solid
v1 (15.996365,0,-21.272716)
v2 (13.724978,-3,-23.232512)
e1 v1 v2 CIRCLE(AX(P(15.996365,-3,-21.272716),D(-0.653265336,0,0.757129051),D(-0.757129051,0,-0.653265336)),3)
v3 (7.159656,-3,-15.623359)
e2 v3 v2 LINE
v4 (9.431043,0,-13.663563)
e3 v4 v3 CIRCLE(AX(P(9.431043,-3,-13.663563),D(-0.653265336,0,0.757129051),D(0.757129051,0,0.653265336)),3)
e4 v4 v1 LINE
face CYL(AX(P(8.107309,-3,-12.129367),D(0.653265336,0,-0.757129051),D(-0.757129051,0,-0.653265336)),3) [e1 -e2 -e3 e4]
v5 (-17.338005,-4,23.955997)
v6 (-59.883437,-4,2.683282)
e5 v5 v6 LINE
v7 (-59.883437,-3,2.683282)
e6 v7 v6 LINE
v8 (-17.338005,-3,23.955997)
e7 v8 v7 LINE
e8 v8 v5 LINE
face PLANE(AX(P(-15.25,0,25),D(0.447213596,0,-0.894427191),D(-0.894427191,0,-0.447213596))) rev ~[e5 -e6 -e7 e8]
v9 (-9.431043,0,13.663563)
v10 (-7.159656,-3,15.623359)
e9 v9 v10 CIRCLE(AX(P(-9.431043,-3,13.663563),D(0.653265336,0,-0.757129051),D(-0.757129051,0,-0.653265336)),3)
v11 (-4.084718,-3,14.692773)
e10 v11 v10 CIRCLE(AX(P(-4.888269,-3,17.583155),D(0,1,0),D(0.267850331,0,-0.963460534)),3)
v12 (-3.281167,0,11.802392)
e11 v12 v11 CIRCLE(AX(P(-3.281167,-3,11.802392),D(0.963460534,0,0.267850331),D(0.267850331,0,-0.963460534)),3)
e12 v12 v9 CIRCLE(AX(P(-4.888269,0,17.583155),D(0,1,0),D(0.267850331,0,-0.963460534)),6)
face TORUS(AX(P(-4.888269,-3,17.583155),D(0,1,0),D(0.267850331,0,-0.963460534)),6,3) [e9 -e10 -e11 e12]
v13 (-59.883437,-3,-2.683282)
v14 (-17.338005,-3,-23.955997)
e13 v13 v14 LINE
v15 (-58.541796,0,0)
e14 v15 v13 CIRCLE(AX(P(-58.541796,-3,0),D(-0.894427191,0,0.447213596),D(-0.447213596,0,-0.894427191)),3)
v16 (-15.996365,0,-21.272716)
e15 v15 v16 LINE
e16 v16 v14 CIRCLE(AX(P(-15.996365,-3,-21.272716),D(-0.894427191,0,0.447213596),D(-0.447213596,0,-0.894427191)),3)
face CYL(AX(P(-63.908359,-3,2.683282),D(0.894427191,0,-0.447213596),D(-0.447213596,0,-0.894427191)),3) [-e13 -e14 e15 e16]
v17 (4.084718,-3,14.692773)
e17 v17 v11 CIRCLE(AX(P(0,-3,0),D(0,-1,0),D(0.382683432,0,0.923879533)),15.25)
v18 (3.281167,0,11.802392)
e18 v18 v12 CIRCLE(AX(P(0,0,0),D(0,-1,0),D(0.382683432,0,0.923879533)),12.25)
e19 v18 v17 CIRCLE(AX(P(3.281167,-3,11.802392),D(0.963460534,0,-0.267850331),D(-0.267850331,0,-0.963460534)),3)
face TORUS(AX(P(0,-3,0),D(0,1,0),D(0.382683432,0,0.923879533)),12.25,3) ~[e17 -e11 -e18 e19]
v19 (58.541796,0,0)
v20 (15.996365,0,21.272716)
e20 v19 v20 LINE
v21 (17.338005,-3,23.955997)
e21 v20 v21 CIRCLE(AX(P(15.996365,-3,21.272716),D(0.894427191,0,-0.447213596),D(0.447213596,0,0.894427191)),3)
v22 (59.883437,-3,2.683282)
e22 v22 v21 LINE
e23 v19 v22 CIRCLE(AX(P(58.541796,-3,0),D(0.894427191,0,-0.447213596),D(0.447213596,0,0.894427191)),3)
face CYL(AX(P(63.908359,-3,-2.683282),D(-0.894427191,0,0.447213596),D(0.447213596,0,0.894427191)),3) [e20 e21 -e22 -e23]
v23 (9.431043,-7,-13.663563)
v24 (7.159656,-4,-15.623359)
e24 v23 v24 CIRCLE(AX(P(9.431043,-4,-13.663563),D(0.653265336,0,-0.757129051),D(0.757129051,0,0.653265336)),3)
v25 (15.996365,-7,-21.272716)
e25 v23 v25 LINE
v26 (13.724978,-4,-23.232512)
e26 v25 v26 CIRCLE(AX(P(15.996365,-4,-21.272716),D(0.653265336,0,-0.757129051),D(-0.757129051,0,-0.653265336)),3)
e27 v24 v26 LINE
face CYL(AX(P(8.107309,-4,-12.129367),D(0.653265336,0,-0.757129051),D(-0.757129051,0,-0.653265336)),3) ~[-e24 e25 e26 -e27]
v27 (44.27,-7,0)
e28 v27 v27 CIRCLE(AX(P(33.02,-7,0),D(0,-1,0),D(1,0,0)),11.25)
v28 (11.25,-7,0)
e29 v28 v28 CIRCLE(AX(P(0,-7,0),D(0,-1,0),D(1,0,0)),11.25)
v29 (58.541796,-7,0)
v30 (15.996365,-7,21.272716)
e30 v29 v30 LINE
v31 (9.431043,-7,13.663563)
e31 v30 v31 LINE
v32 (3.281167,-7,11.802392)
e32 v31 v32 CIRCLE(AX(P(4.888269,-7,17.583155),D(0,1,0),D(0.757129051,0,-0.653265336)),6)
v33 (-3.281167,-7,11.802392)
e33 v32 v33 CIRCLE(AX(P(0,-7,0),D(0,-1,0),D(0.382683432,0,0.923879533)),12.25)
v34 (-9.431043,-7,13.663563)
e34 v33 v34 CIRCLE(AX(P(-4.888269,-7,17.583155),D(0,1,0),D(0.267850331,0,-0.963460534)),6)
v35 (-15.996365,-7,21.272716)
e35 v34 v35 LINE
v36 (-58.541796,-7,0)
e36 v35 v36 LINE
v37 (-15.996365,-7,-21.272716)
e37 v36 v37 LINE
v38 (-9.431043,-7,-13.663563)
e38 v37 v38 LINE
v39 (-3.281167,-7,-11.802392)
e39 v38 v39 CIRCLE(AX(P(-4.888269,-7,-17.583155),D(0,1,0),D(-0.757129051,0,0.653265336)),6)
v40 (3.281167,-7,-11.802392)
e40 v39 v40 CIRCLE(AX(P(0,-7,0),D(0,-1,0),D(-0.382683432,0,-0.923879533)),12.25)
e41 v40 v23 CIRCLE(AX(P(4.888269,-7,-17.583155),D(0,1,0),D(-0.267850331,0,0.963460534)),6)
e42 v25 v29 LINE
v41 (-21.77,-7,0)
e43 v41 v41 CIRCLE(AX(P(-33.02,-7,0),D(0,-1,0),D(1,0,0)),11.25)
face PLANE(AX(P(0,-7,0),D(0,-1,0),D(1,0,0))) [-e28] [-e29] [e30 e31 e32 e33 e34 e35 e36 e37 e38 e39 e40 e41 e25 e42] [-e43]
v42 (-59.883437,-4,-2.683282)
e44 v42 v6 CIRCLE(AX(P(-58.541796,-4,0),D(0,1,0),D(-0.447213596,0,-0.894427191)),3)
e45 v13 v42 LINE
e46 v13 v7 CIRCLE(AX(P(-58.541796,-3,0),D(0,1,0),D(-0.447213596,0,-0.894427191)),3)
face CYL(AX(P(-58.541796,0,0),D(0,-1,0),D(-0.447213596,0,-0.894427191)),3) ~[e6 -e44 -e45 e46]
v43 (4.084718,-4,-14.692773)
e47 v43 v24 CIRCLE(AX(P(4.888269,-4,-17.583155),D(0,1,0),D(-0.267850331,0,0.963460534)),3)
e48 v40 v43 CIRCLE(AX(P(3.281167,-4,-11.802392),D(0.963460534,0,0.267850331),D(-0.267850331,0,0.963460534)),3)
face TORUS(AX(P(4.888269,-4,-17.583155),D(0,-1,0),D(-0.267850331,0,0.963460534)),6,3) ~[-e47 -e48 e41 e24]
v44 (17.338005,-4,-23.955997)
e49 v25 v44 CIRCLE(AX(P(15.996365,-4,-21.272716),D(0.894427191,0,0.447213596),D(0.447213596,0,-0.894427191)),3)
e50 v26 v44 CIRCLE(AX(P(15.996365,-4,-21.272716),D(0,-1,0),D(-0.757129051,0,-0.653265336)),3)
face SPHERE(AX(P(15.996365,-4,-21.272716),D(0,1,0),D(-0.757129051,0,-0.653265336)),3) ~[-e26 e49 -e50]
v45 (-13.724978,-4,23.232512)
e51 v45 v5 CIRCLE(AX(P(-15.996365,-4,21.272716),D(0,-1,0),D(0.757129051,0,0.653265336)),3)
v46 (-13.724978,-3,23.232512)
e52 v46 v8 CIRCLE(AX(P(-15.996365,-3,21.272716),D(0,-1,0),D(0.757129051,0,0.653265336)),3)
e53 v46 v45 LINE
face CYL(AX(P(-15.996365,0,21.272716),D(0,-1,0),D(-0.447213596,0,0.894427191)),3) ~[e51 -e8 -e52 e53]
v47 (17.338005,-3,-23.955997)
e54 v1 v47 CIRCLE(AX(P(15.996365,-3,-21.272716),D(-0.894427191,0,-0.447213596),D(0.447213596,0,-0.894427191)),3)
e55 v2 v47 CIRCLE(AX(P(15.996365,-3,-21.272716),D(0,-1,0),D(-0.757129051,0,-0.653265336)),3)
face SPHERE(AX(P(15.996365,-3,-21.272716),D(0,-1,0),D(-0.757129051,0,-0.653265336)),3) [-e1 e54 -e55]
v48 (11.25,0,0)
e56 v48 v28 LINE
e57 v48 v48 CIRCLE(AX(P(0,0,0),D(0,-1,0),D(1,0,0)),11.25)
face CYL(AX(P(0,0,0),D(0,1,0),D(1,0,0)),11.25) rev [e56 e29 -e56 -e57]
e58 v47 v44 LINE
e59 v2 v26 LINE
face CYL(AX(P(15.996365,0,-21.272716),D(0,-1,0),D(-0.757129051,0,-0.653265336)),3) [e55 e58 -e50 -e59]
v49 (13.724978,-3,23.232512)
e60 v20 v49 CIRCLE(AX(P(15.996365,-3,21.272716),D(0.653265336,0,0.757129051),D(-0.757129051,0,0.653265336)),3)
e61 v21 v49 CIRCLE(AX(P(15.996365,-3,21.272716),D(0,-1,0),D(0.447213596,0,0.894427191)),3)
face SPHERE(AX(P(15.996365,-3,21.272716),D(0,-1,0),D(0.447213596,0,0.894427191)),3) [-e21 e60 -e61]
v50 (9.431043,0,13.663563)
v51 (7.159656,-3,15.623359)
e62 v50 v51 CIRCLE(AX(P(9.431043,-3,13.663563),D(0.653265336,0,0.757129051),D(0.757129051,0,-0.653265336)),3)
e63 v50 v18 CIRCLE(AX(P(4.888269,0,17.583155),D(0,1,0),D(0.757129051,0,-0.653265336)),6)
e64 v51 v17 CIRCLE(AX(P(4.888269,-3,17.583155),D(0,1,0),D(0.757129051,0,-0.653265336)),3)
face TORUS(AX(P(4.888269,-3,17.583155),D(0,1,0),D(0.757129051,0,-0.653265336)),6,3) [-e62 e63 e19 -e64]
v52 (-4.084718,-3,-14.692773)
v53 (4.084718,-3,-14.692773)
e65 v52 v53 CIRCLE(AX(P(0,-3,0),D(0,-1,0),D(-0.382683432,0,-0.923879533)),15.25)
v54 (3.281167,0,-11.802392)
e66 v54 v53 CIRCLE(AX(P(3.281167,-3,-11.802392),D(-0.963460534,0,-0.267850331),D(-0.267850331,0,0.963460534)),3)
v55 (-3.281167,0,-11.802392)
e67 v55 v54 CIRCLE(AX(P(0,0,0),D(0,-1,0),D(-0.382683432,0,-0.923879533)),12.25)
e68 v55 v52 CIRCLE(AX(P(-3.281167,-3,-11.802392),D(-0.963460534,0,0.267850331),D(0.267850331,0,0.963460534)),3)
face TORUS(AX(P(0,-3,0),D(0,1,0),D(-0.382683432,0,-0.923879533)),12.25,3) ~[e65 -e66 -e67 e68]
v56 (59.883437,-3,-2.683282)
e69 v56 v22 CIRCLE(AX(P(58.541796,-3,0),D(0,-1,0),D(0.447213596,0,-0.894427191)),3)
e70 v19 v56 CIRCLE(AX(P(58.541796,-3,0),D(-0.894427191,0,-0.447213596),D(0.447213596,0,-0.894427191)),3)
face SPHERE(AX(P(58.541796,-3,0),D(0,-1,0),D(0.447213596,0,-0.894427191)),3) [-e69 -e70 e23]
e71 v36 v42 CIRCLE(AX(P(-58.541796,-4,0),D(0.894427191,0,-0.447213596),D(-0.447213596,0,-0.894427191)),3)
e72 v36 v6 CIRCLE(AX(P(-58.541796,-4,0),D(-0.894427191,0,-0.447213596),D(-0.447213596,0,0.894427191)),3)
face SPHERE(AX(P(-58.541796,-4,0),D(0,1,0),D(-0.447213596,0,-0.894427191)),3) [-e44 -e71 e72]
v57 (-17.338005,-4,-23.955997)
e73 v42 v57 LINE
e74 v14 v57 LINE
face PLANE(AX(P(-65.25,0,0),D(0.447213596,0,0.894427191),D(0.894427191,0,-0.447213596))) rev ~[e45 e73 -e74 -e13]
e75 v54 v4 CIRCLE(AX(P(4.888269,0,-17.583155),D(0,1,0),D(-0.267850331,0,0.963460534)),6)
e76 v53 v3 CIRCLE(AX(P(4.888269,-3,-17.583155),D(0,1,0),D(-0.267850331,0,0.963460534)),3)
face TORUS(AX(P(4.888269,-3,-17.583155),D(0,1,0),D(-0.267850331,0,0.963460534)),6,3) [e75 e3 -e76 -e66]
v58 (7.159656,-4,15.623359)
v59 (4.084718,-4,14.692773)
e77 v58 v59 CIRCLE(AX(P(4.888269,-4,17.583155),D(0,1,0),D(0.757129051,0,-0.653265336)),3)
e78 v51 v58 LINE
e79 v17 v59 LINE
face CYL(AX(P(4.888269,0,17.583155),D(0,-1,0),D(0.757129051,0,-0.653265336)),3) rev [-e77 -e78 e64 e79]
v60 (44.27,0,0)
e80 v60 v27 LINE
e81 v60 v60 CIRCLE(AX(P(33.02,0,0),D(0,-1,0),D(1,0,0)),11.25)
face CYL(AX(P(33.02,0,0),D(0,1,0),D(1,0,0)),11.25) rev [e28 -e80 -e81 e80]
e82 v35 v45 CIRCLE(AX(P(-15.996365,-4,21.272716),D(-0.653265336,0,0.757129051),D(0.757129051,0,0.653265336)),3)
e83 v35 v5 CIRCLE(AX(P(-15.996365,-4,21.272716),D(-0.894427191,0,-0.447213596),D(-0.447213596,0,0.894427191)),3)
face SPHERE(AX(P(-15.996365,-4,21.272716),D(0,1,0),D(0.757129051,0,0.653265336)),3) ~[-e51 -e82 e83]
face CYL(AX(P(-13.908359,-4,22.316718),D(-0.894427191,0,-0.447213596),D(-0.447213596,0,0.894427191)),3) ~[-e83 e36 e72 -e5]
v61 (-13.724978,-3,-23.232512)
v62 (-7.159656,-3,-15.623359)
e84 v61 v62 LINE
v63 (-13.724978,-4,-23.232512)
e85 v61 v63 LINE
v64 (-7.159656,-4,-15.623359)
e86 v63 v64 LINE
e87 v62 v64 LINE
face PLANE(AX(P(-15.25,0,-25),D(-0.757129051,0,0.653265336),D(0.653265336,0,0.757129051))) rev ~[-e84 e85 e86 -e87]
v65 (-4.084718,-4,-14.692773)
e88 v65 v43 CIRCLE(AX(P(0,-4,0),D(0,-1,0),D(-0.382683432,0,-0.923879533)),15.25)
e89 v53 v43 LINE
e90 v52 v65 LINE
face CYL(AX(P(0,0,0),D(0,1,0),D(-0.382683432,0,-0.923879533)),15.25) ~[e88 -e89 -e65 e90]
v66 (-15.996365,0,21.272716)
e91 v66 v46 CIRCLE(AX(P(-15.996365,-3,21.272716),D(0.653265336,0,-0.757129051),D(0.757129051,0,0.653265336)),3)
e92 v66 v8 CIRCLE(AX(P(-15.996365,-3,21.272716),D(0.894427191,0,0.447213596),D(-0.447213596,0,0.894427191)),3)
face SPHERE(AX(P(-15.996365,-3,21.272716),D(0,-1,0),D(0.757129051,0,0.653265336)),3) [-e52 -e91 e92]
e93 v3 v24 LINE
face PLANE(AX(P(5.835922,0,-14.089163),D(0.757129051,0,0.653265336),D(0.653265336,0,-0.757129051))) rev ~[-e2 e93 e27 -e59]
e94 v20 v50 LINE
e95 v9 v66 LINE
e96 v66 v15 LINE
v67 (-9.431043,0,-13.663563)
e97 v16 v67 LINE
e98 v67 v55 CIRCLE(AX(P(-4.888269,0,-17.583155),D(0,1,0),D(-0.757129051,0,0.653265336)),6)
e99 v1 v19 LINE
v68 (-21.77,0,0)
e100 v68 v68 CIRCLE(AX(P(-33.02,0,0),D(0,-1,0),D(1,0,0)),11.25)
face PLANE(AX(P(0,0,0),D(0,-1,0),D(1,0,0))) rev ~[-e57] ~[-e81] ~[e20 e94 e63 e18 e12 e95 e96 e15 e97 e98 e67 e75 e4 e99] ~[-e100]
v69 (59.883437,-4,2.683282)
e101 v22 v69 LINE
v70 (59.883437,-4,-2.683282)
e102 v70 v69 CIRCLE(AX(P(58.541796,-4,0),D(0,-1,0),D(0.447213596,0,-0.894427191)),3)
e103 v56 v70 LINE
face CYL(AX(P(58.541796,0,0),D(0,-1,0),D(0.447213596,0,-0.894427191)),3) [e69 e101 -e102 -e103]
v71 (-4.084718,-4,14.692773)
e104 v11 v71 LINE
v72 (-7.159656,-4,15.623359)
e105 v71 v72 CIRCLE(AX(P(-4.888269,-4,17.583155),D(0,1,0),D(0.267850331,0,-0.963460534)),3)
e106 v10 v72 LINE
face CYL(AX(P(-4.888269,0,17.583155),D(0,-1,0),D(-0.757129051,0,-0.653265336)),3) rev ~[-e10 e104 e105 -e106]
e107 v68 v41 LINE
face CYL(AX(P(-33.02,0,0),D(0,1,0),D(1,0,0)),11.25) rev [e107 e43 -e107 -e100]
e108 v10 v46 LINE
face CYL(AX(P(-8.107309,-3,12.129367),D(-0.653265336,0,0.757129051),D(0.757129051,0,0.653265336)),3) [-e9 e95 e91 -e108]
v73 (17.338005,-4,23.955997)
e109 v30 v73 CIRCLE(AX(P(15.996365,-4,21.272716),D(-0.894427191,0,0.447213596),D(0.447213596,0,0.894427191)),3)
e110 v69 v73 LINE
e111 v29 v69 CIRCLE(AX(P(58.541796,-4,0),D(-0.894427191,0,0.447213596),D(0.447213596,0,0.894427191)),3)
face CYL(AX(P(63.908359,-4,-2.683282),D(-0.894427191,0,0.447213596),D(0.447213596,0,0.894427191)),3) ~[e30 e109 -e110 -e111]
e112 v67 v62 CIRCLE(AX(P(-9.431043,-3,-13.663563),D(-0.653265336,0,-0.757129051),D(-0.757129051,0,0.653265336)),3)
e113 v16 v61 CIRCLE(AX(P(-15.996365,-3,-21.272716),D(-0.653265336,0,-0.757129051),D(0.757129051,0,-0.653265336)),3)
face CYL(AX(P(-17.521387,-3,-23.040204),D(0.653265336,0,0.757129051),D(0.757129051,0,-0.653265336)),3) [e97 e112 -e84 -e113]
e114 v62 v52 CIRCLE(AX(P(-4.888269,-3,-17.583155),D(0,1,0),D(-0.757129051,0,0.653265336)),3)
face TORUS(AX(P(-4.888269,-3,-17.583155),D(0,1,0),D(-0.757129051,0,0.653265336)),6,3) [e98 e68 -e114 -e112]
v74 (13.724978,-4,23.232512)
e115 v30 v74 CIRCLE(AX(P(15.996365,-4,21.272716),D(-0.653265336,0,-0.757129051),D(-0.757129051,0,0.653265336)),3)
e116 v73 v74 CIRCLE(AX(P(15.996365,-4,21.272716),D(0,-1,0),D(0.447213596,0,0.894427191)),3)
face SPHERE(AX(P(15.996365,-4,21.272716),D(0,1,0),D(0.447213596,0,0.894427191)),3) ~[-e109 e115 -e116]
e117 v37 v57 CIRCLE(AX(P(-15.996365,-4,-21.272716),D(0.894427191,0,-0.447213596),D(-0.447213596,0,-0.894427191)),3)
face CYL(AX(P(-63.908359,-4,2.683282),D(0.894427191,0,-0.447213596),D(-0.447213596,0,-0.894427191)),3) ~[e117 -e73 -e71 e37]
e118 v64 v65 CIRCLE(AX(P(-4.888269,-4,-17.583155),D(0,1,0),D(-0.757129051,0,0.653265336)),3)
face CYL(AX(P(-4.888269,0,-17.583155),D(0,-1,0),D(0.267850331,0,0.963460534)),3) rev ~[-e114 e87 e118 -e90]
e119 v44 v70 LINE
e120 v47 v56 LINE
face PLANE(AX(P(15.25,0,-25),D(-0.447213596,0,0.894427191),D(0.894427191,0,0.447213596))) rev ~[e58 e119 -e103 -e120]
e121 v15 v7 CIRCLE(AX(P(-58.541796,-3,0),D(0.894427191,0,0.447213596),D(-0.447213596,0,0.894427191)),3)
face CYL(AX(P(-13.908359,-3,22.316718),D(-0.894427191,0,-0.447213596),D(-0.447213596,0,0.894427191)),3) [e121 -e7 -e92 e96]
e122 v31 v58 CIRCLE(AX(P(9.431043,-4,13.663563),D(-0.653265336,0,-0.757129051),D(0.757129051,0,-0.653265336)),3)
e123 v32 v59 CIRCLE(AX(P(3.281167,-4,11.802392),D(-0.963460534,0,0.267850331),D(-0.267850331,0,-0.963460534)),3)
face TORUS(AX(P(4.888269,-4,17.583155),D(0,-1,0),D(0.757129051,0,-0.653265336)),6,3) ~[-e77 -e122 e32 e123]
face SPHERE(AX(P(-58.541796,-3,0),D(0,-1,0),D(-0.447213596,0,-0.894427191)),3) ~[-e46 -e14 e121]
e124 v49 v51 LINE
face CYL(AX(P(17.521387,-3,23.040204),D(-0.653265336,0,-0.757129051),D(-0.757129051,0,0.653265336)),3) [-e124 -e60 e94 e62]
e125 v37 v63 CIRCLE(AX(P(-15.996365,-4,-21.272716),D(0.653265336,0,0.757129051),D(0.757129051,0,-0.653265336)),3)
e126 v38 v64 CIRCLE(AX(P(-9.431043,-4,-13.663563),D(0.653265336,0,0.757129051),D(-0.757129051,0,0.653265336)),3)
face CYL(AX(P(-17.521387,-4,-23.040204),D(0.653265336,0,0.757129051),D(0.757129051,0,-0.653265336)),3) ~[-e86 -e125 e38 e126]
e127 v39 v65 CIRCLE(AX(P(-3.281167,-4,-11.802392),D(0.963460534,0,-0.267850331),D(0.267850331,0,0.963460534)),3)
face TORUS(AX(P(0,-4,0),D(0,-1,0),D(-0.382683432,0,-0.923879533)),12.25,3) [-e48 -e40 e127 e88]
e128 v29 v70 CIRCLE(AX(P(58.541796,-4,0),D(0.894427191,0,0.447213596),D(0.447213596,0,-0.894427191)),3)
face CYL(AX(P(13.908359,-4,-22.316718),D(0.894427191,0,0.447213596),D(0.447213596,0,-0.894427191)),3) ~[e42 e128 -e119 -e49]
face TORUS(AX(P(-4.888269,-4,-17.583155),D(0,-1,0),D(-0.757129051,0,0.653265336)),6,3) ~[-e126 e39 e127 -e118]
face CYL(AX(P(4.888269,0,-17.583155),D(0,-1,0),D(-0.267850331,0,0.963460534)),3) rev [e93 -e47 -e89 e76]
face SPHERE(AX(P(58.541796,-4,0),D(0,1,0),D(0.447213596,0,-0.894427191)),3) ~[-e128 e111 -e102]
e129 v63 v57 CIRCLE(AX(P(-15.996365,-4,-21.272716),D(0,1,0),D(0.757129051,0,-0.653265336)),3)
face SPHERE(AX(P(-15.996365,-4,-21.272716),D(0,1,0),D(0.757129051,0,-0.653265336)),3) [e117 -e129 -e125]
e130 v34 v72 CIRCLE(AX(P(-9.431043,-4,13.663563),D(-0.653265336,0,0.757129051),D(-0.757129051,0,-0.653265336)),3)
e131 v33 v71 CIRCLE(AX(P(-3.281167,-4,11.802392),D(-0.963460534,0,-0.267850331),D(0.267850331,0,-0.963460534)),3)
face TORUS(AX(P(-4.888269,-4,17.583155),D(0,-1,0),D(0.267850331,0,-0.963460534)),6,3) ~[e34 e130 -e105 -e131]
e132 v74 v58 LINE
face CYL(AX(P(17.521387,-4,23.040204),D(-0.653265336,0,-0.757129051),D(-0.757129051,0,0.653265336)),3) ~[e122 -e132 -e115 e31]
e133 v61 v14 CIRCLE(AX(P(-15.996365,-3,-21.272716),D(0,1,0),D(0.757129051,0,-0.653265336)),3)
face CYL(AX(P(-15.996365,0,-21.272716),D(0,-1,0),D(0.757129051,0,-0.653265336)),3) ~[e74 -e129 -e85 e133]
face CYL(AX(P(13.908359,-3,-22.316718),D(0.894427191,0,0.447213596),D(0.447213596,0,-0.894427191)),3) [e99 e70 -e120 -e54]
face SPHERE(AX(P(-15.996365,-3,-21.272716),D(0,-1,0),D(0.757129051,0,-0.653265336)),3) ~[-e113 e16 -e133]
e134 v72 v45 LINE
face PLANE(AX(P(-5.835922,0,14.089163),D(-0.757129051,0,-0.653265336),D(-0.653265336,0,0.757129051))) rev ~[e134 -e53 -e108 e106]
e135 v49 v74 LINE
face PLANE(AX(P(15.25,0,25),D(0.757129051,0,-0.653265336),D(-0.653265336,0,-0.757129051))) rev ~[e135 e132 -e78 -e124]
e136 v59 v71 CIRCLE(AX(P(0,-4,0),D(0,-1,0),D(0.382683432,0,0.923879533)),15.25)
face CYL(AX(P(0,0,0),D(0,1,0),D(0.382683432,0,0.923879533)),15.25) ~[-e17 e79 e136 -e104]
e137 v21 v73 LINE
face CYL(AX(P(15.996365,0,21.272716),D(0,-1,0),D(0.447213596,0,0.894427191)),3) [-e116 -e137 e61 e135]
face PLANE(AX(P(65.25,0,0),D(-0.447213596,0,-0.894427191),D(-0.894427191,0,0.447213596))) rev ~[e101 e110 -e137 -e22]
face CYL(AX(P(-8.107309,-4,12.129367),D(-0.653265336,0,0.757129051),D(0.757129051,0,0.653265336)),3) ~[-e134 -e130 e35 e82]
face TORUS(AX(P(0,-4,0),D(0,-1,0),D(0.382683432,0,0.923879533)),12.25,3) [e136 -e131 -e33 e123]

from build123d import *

# Parameters (mm, degrees)
F0_R     = 11.25
F1_DEPTH = 7
F2_R     = 3


with BuildPart() as f1:
    # F0 (on Front) → F1 (new body)
    with BuildSketch(Plane.XZ):
        with BuildLine():
            ThreePointArc((5.8359223436, -14.0891628708), (12.6799115876, -8.4724460535), (15.25, 0))
            ThreePointArc((15.25, 0), (12.6799115876, 8.4724460535), (5.8359223436, 14.0891628708))
            ThreePointArc((5.8359223436, 14.0891628708), (0, 15.25), (-5.8359223436, 14.0891628708))
            ThreePointArc((-5.8359223436, 14.0891628708), (-12.6799115876, 8.4724460535), (-15.25, 0))
            ThreePointArc((-15.25, 0), (-12.6799115876, -8.4724460535), (-5.8359223436, -14.0891628708))
            ThreePointArc((-5.8359223436, -14.0891628708), (0, -15.25), (5.8359223436, -14.0891628708))
        make_face()
        Circle(F0_R, mode=Mode.SUBTRACT)
        with BuildLine():
            Line((15.25, -25), (15.25, 0))
            ThreePointArc((15.25, 0), (12.6799115876, -8.4724460535), (5.8359223436, -14.0891628708))
            Line((5.8359223436, -14.0891628708), (15.25, -25))
        make_face()
        with BuildLine():
            ThreePointArc((5.8359223436, 14.0891628708), (12.6799115876, 8.4724460535), (15.25, 0))
            Line((15.25, 0), (15.25, 25))
            Line((15.25, 25), (5.8359223436, 14.0891628708))
        make_face()
        Polygon((15.25, 25), (15.25, 0), (15.25, -25), (65.25, 0), align=None)
        with Locations((33.02, 0)):
            Circle(F0_R, mode=Mode.SUBTRACT)
        with BuildLine():
            ThreePointArc((-15.25, 0), (-12.6799115876, 8.4724460535), (-5.8359223436, 14.0891628708))
            Line((-5.8359223436, 14.0891628708), (-15.25, 25))
            Line((-15.25, 25), (-15.25, 0))
        make_face()
        with BuildLine():
            Line((-15.25, -25), (-5.8359223436, -14.0891628708))
            ThreePointArc((-5.8359223436, -14.0891628708), (-12.6799115876, -8.4724460535), (-15.25, 0))
            Line((-15.25, 0), (-15.25, -25))
        make_face()
        Polygon((-15.25, -25), (-15.25, 0), (-15.25, 25), (-65.25, 0), align=None)
        with Locations((-33.02, 0)):
            Circle(F0_R, mode=Mode.SUBTRACT)
    extrude(amount=F1_DEPTH)

    # F2
    f2_edges = [f1.edges().sort_by_distance(p)[0] for p in [
        (-15.25, -3.5, -25),
        (-5.835922, -3.5, -14.089163),
        (-10.542961, 0, -19.544581),
        (-10.542961, -7, -19.544581),
        (5.835922, -3.5, -14.089163),
        (0, 0, -15.25),
        (0, -7, -15.25),
        (15.25, -3.5, -25),
        (10.542961, 0, -19.544581),
        (10.542961, -7, -19.544581),
        (-65.25, -3.5, 0),
        (-40.25, 0, -12.5),
        (-40.25, -7, -12.5),
        (65.25, -3.5, 0),
        (40.25, 0, -12.5),
        (40.25, -7, -12.5),
        (15.25, -3.5, 25),
        (40.25, 0, 12.5),
        (40.25, -7, 12.5),
        (5.835922, -3.5, 14.089163),
        (10.542961, 0, 19.544581),
        (10.542961, -7, 19.544581),
        (-5.835922, -3.5, 14.089163),
        (0, 0, 15.25),
        (0, -7, 15.25),
        (-15.25, -3.5, 25),
        (-10.542961, 0, 19.544581),
        (-10.542961, -7, 19.544581),
        (-40.25, 0, 12.5),
        (-40.25, -7, 12.5),
    ]]
    fillet(f2_edges, radius=F2_R)


solid = f1.part
